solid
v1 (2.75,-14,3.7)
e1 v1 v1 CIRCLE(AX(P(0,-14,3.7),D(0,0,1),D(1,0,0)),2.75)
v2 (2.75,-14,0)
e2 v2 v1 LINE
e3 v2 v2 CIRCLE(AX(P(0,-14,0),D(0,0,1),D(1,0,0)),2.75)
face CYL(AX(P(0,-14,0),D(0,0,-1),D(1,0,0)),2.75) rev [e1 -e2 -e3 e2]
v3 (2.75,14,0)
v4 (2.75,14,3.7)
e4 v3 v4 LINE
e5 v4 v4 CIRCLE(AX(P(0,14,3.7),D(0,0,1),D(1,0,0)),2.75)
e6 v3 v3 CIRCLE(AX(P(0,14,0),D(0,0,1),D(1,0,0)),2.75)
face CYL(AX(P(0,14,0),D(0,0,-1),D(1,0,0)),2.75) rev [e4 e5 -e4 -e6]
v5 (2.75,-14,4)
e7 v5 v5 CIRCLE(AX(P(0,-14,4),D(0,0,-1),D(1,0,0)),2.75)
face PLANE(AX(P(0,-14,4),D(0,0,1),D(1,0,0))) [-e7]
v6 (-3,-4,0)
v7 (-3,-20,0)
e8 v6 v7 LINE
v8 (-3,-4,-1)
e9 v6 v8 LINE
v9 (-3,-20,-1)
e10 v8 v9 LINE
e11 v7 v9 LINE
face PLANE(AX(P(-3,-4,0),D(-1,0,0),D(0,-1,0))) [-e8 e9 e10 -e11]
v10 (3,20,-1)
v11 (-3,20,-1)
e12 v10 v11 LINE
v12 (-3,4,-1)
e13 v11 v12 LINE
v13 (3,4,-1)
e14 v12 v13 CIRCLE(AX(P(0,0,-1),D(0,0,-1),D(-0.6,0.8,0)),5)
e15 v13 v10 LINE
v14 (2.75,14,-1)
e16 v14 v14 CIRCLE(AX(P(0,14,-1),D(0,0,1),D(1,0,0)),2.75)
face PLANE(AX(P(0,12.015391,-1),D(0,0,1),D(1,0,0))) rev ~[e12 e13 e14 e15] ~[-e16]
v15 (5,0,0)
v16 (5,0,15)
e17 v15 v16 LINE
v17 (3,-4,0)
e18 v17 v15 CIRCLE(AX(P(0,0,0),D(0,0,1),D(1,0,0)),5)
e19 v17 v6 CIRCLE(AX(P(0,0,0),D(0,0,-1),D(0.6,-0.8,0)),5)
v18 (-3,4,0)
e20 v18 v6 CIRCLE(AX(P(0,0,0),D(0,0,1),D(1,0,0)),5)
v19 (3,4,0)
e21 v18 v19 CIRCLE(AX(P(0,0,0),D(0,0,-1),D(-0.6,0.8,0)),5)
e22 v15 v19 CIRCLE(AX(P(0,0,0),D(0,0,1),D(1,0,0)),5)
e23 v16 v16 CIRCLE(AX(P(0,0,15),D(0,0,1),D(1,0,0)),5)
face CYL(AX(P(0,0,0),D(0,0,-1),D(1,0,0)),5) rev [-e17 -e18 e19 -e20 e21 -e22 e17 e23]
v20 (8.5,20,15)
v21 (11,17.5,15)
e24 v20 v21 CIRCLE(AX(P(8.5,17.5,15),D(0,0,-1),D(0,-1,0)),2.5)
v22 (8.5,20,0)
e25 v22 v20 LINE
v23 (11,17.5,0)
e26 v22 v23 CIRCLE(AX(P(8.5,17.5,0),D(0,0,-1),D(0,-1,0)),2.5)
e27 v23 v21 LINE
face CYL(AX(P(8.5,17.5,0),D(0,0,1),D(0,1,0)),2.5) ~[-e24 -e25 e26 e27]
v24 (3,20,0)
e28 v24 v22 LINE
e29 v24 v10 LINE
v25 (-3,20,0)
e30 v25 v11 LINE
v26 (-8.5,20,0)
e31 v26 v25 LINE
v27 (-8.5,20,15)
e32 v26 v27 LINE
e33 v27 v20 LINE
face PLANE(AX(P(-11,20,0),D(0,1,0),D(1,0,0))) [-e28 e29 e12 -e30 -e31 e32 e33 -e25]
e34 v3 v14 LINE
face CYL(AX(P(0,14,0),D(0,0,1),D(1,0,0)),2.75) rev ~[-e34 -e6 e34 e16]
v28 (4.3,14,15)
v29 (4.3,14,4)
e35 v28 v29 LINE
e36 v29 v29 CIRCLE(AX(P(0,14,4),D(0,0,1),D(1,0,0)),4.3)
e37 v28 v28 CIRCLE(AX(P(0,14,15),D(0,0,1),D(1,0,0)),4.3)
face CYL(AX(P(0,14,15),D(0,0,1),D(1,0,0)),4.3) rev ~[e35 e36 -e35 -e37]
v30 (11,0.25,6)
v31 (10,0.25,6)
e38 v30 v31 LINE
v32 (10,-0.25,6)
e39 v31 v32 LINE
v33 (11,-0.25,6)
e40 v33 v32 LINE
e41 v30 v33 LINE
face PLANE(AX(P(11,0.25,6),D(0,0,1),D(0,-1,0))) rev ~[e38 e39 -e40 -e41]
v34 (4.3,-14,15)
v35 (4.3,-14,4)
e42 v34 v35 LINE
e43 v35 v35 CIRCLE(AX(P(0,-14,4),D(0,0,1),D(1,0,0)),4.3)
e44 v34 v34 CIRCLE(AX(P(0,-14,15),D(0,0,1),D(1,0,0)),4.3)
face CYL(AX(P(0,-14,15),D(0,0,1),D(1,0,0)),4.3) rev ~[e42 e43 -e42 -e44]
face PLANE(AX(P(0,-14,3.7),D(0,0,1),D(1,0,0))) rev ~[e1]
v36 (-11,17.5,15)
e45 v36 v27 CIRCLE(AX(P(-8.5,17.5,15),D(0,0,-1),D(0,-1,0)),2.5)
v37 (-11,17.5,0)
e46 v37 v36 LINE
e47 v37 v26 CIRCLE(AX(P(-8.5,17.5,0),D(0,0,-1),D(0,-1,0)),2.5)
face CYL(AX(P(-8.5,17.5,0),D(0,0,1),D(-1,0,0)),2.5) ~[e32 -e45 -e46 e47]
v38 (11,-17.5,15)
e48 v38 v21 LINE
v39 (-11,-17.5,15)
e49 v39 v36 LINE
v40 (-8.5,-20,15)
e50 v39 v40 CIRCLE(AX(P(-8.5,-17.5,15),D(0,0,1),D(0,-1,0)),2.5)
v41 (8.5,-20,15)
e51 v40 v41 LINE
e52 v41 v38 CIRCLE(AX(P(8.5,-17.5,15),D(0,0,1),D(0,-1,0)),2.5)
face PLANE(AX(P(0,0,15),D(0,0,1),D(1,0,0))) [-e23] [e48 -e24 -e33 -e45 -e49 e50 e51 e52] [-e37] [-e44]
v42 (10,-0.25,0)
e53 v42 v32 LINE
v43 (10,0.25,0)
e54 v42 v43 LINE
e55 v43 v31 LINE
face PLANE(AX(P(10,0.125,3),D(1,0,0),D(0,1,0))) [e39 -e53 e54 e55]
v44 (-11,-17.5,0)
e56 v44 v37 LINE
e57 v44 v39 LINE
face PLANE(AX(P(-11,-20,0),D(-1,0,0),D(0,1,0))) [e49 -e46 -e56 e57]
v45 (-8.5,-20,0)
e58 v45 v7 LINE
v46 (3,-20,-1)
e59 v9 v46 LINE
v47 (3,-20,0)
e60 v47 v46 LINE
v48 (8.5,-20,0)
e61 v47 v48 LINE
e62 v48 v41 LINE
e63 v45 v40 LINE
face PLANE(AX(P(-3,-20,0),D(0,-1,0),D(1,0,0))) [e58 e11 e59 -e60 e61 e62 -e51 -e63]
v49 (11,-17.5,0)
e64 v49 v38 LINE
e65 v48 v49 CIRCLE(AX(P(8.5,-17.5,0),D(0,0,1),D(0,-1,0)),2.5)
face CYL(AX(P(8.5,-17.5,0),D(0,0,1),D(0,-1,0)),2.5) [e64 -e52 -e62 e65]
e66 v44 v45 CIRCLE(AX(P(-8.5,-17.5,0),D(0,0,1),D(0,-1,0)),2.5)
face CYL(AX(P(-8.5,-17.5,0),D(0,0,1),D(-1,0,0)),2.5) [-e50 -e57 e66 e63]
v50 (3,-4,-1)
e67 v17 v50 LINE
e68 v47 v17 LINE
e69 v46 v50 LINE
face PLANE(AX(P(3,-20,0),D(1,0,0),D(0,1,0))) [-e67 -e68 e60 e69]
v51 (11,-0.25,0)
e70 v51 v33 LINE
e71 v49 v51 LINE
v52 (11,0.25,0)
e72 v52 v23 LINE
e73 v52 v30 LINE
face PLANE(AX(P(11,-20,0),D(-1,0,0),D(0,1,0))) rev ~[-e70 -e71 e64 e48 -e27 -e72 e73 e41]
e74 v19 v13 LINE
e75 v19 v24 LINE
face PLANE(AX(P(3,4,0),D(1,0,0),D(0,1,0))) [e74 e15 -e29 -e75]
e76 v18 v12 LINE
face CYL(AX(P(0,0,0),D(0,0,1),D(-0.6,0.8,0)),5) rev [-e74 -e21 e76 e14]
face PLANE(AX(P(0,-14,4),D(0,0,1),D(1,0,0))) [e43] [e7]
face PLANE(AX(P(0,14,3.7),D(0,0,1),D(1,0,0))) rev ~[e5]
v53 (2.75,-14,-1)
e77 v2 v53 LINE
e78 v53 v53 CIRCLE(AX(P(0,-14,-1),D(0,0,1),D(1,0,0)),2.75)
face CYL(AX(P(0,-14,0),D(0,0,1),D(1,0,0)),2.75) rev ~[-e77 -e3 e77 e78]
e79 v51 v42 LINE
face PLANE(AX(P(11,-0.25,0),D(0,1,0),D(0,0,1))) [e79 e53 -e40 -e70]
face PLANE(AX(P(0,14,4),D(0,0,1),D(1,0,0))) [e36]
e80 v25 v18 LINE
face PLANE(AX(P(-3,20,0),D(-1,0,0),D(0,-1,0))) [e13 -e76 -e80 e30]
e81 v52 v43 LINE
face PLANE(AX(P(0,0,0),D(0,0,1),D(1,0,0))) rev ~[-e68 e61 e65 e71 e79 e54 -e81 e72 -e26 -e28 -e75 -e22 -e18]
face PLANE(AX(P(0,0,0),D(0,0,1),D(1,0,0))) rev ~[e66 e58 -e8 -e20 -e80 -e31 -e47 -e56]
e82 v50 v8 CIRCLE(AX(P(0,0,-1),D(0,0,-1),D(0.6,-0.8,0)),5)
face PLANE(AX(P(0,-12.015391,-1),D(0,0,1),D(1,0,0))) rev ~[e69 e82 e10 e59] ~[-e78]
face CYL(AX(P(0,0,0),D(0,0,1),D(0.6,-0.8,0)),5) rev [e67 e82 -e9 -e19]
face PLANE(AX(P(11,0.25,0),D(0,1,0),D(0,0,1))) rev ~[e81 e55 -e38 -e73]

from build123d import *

# Parameters (mm, degrees)
F1_W      = 22
F1_H      = 40
F1_R      = 2.75
F1_R_2    = 5
F2_DEPTH  = 15
F3_R      = 4.3
F4_DEPTH  = 11
F5_R      = 2.5
F6_R      = 2.75
F7_DEPTH  = 1
F8_R      = 2.75
F9_DEPTH  = 0.3
F10_W     = 0.25
F10_H     = 6
F11_DEPTH = 1


with BuildPart() as f2:
    # F1 (on Top) → F2 (new body)
    with BuildSketch(Plane.XY):
        Rectangle(F1_W, F1_H)
        with Locations((0, -14)):
            Circle(F1_R, mode=Mode.SUBTRACT)
        Circle(F1_R_2, mode=Mode.SUBTRACT)
        with Locations((0, 14)):
            Circle(F1_R, mode=Mode.SUBTRACT)
    extrude(amount=F2_DEPTH)

    # F3 (on face) → F4 (cut)
    with BuildSketch(Plane.XY.offset(15)):
        with Locations((0, 14)):
            Circle(F3_R)
        with Locations((0, -14)):
            Circle(F3_R)
    extrude(amount=-F4_DEPTH, mode=Mode.SUBTRACT)

    # F5
    f5_edges = [f2.edges().sort_by_distance(p)[0] for p in [
        (11, -20, 7.5),
        (-11, -20, 7.5),
        (11, 20, 7.5),
        (-11, 20, 7.5),
    ]]
    fillet(f5_edges, radius=F5_R)

    # F6 (on face) → F7 (join)
    with BuildSketch(Plane.XY):
        with BuildLine():
            Line((-3, -20), (0, -20))
            Line((0, -20), (3, -20))
            Line((3, -20), (3, -4))
            ThreePointArc((3, -4), (0, -5), (-3, -4))
            Line((-3, -4), (-3, -20))
        make_face()
        with Locations((0, -14)):
            Circle(F6_R, mode=Mode.SUBTRACT)
        with BuildLine():
            Line((3, 20), (0, 20))
            Line((0, 20), (-3, 20))
            Line((-3, 20), (-3, 4))
            ThreePointArc((-3, 4), (0, 5), (3, 4))
            Line((3, 4), (3, 20))
        make_face()
        with Locations((0, 14)):
            Circle(F6_R, mode=Mode.SUBTRACT)
    extrude(amount=-F7_DEPTH)

    # F8 (on face) → F9 (join)
    with BuildSketch(Plane.XY.offset(4)):
        with Locations((0, 14)):
            Circle(F8_R)
        with Locations((0, -14)):
            Circle(F8_R)
    extrude(amount=-F9_DEPTH)

    # F10 (on face) → F11 (cut)
    with BuildSketch(Plane.YZ.offset(11)):
        with Locations((0.125, 3)):
            Rectangle(F10_W, F10_H)
        with Locations((-0.125, 3)):
            Rectangle(F10_W, F10_H)
    extrude(amount=-F11_DEPTH, mode=Mode.SUBTRACT)


solid = f2.part
